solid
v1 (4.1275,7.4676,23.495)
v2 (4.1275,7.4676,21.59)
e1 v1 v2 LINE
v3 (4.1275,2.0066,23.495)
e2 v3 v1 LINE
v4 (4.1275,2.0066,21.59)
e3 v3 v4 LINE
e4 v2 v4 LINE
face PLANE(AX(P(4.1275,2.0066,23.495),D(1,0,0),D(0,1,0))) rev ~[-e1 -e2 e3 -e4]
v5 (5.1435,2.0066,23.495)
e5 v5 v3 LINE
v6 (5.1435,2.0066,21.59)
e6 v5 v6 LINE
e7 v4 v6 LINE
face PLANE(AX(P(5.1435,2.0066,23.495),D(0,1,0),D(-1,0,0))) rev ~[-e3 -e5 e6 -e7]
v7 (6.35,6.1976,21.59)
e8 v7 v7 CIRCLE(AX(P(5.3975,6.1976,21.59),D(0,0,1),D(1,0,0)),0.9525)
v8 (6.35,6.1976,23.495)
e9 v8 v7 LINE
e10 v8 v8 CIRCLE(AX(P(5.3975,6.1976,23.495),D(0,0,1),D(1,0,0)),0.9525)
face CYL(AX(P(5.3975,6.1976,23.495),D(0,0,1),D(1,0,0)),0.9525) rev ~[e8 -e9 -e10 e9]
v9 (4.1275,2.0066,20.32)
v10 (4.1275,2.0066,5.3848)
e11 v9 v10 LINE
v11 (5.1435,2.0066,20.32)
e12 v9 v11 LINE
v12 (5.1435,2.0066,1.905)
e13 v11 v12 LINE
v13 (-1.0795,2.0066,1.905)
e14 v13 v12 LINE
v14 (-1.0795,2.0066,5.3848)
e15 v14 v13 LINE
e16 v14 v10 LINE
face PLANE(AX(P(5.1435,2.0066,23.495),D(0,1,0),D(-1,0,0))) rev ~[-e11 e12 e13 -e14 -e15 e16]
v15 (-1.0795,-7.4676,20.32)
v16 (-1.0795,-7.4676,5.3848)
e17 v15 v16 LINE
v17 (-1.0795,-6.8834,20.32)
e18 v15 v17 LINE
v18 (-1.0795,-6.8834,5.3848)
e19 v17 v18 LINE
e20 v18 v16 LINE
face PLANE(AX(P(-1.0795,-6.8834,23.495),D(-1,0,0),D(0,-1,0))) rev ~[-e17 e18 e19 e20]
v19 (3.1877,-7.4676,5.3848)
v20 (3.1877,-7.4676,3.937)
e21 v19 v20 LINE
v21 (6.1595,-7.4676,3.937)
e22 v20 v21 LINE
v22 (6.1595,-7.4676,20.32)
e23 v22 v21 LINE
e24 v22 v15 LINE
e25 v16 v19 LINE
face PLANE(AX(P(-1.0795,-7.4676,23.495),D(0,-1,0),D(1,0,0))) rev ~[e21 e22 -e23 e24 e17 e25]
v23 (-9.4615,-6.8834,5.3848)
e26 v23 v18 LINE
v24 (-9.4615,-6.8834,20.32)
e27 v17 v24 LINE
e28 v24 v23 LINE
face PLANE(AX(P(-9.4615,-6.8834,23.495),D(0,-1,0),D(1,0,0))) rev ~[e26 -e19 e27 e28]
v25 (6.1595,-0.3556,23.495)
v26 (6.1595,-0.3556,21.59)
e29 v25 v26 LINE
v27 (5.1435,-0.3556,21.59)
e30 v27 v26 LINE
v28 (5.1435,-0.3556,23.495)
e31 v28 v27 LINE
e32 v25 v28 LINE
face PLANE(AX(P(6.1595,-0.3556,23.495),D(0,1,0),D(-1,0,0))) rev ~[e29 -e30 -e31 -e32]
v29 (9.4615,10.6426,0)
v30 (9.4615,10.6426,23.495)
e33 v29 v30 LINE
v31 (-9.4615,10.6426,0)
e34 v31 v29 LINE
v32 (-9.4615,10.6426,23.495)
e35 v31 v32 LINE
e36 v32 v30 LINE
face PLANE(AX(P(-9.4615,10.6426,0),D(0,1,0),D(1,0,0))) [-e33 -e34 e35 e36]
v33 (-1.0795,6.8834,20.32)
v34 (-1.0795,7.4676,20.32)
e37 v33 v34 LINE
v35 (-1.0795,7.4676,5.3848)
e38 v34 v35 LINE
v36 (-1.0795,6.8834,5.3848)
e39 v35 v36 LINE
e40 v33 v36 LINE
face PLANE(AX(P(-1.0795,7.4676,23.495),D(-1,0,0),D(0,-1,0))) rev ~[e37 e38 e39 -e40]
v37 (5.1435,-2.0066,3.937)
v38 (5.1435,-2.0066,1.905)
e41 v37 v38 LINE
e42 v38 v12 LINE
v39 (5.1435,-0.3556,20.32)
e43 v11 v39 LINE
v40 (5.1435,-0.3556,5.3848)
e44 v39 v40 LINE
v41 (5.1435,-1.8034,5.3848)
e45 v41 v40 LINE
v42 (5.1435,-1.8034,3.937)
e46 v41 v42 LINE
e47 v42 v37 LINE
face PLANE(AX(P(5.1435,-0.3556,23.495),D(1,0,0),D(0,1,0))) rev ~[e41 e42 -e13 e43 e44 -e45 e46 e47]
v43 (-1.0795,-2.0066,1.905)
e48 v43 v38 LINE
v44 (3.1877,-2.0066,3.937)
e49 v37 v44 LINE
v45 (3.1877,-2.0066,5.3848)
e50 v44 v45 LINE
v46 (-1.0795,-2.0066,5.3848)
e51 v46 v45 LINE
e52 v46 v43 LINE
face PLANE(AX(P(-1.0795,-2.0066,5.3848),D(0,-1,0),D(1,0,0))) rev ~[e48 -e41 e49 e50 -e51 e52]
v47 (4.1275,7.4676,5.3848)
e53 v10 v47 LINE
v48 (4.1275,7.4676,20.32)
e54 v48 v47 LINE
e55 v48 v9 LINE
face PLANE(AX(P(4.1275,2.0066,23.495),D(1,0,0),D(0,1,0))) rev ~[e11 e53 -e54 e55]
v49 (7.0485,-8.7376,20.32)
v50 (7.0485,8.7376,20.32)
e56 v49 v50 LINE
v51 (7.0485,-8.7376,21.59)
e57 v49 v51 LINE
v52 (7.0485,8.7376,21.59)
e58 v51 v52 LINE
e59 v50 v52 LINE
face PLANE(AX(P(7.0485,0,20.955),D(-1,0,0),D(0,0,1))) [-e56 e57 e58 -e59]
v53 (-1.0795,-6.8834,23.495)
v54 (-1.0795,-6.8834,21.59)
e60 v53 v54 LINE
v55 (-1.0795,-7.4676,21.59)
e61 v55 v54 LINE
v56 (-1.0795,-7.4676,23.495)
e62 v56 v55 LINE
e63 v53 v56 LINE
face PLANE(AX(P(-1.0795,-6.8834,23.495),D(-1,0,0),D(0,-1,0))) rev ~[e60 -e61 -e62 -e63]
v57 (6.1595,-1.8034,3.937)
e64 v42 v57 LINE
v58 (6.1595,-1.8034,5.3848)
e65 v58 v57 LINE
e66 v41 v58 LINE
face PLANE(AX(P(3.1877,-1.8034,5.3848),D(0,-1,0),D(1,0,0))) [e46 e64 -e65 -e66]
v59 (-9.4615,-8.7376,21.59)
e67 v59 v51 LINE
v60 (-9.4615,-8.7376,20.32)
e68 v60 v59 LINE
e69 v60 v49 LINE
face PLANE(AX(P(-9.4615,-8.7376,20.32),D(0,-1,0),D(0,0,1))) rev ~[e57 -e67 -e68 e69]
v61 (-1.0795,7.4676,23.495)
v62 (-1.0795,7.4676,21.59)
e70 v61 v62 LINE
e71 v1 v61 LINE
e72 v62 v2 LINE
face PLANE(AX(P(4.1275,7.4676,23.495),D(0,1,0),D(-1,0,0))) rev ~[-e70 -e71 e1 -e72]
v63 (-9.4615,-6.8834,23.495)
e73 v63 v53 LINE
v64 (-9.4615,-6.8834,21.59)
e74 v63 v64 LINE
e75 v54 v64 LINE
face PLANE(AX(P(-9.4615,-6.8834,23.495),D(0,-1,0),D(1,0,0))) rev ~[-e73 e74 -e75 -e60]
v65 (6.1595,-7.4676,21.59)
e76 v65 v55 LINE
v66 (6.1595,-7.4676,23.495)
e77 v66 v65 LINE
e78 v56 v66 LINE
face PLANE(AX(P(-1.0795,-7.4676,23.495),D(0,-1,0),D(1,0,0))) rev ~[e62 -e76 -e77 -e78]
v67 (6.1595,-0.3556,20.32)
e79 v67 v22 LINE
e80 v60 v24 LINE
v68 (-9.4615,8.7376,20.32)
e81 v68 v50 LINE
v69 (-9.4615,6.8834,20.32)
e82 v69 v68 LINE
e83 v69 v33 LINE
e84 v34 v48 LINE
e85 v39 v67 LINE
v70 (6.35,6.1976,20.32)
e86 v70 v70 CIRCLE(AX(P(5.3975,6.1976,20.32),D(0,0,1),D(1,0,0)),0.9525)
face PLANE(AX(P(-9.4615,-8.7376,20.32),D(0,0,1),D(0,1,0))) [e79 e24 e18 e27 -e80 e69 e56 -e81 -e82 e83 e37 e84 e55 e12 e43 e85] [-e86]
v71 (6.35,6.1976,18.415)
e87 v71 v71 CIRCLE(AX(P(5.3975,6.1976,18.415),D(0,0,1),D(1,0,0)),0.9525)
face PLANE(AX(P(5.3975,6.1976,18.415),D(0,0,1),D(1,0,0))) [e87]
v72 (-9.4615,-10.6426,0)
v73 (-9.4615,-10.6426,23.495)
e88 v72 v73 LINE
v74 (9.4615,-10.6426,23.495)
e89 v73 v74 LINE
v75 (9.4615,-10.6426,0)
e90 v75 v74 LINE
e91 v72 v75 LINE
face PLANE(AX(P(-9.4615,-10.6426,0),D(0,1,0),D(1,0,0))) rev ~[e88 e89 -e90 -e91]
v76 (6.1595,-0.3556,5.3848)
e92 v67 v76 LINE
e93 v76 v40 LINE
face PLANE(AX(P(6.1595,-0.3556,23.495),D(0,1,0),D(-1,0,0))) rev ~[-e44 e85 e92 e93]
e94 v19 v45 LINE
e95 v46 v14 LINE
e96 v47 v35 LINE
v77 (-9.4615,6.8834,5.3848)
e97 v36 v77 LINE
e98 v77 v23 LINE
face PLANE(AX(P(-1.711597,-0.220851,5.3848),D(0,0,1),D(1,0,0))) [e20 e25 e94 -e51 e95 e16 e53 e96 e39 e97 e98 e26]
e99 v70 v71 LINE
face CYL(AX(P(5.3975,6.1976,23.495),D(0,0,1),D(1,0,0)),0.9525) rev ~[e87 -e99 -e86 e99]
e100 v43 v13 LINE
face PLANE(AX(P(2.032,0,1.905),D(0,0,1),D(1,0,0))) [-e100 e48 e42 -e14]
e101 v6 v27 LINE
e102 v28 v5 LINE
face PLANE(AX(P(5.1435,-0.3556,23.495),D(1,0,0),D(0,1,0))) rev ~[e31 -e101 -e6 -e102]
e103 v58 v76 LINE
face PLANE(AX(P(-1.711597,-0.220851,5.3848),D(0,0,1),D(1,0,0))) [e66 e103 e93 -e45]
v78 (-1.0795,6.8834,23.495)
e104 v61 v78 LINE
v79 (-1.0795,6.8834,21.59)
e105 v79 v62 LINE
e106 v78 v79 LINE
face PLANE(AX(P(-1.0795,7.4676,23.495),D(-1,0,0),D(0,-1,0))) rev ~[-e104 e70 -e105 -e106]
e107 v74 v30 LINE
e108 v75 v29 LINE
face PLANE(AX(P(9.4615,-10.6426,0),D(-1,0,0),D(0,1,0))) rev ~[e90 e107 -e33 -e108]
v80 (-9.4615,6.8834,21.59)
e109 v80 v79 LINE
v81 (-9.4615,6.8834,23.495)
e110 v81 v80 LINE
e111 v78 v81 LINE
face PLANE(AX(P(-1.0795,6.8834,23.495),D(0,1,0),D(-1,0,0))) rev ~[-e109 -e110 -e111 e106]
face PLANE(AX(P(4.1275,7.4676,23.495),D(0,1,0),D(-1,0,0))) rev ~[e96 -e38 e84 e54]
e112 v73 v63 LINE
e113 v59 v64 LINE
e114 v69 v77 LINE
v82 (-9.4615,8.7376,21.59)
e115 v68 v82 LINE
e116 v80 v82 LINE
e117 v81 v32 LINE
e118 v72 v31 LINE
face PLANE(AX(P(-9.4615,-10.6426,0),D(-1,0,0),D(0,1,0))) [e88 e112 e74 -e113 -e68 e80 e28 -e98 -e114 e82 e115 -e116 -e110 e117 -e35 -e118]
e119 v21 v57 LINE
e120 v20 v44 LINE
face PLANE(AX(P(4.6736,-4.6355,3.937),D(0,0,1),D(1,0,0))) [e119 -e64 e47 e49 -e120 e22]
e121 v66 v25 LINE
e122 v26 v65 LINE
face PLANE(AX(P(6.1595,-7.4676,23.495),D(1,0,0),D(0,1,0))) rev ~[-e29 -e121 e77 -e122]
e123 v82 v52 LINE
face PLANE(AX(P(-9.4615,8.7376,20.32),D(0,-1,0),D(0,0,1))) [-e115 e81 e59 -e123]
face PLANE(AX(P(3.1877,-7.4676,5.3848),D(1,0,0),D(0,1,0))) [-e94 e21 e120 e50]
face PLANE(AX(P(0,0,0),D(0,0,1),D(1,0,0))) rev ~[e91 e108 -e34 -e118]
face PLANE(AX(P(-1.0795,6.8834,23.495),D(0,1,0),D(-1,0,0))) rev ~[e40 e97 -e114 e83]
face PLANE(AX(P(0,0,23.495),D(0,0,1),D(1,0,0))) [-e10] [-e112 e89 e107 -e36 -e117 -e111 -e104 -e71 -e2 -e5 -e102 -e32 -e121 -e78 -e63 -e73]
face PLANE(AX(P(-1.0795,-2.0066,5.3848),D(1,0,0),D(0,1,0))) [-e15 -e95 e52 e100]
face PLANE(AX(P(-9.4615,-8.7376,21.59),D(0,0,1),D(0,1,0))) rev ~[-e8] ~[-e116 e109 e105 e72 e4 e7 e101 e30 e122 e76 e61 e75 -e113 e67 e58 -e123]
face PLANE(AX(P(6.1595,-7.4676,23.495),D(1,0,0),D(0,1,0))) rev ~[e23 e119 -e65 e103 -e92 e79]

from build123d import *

# Parameters (mm, degrees)
SKETCH1_W           = 18.923
SKETCH1_H           = 21.2852
BOSS_EXTRUDE1_DEPTH = 23.495
CUT_EXTRUDE1_DEPTH  = 18.1102
SKETCH3_W           = 6.223
SKETCH3_H           = 4.0132
CUT_EXTRUDE2_DEPTH  = 3.4798
SKETCH4_W           = 2.9718
SKETCH4_H           = 5.6642
CUT_EXTRUDE3_DEPTH  = 1.4478
SKETCH5_W           = 1.27
SKETCH5_H           = 17.4752
CUT_EXTRUDE4_DEPTH  = 16.51
SKETCH7_R           = 0.9525
CUT_EXTRUDE6_DEPTH  = 5.08


with BuildPart() as part:
    # Sketch1 → Boss-Extrude1 (new body)
    with BuildSketch(Plane.XY):
        Rectangle(SKETCH1_W, SKETCH1_H)
    extrude(amount=BOSS_EXTRUDE1_DEPTH)

    # Sketch2 → Cut-Extrude1 (cut)
    with BuildSketch(Plane.XY.offset(23.495)):
        Polygon((-9.4615, 6.8834), (-9.4615, -6.8834), (-1.0795, -6.8834), (-1.0795, -7.4676), (6.1595, -7.4676), (6.1595, -0.3556), (5.1435, -0.3556), (5.1435, 2.0066), (4.1275, 2.0066), (4.1275, 7.4676), (-1.0795, 7.4676), (-1.0795, 6.8834), align=None)
    extrude(amount=-CUT_EXTRUDE1_DEPTH, mode=Mode.SUBTRACT)

    # Sketch3 → Cut-Extrude2 (cut)
    with BuildSketch(Plane.XY.offset(5.3848)):
        with Locations((2.032, 0)):
            Rectangle(SKETCH3_W, SKETCH3_H)
    extrude(amount=-CUT_EXTRUDE2_DEPTH, mode=Mode.SUBTRACT)

    # Sketch4 → Cut-Extrude3 (cut)
    with BuildSketch(Plane.XY.offset(5.3848)):
        with Locations((4.6736, -4.6355)):
            Rectangle(SKETCH4_W, SKETCH4_H)
    extrude(amount=-CUT_EXTRUDE3_DEPTH, mode=Mode.SUBTRACT)

    # Sketch5 → Cut-Extrude4 (cut)
    with BuildSketch(Plane.ZY.offset(9.4615)):
        with Locations((20.955, 0)):
            Rectangle(SKETCH5_W, SKETCH5_H)
    extrude(amount=-CUT_EXTRUDE4_DEPTH, mode=Mode.SUBTRACT)

    # Sketch7 → Cut-Extrude6 (cut)
    with BuildSketch(Plane.XY.offset(23.495)):
        with Locations((5.3975, 6.1976)):
            Circle(SKETCH7_R)
    extrude(amount=-CUT_EXTRUDE6_DEPTH, mode=Mode.SUBTRACT)


solid = part.part
